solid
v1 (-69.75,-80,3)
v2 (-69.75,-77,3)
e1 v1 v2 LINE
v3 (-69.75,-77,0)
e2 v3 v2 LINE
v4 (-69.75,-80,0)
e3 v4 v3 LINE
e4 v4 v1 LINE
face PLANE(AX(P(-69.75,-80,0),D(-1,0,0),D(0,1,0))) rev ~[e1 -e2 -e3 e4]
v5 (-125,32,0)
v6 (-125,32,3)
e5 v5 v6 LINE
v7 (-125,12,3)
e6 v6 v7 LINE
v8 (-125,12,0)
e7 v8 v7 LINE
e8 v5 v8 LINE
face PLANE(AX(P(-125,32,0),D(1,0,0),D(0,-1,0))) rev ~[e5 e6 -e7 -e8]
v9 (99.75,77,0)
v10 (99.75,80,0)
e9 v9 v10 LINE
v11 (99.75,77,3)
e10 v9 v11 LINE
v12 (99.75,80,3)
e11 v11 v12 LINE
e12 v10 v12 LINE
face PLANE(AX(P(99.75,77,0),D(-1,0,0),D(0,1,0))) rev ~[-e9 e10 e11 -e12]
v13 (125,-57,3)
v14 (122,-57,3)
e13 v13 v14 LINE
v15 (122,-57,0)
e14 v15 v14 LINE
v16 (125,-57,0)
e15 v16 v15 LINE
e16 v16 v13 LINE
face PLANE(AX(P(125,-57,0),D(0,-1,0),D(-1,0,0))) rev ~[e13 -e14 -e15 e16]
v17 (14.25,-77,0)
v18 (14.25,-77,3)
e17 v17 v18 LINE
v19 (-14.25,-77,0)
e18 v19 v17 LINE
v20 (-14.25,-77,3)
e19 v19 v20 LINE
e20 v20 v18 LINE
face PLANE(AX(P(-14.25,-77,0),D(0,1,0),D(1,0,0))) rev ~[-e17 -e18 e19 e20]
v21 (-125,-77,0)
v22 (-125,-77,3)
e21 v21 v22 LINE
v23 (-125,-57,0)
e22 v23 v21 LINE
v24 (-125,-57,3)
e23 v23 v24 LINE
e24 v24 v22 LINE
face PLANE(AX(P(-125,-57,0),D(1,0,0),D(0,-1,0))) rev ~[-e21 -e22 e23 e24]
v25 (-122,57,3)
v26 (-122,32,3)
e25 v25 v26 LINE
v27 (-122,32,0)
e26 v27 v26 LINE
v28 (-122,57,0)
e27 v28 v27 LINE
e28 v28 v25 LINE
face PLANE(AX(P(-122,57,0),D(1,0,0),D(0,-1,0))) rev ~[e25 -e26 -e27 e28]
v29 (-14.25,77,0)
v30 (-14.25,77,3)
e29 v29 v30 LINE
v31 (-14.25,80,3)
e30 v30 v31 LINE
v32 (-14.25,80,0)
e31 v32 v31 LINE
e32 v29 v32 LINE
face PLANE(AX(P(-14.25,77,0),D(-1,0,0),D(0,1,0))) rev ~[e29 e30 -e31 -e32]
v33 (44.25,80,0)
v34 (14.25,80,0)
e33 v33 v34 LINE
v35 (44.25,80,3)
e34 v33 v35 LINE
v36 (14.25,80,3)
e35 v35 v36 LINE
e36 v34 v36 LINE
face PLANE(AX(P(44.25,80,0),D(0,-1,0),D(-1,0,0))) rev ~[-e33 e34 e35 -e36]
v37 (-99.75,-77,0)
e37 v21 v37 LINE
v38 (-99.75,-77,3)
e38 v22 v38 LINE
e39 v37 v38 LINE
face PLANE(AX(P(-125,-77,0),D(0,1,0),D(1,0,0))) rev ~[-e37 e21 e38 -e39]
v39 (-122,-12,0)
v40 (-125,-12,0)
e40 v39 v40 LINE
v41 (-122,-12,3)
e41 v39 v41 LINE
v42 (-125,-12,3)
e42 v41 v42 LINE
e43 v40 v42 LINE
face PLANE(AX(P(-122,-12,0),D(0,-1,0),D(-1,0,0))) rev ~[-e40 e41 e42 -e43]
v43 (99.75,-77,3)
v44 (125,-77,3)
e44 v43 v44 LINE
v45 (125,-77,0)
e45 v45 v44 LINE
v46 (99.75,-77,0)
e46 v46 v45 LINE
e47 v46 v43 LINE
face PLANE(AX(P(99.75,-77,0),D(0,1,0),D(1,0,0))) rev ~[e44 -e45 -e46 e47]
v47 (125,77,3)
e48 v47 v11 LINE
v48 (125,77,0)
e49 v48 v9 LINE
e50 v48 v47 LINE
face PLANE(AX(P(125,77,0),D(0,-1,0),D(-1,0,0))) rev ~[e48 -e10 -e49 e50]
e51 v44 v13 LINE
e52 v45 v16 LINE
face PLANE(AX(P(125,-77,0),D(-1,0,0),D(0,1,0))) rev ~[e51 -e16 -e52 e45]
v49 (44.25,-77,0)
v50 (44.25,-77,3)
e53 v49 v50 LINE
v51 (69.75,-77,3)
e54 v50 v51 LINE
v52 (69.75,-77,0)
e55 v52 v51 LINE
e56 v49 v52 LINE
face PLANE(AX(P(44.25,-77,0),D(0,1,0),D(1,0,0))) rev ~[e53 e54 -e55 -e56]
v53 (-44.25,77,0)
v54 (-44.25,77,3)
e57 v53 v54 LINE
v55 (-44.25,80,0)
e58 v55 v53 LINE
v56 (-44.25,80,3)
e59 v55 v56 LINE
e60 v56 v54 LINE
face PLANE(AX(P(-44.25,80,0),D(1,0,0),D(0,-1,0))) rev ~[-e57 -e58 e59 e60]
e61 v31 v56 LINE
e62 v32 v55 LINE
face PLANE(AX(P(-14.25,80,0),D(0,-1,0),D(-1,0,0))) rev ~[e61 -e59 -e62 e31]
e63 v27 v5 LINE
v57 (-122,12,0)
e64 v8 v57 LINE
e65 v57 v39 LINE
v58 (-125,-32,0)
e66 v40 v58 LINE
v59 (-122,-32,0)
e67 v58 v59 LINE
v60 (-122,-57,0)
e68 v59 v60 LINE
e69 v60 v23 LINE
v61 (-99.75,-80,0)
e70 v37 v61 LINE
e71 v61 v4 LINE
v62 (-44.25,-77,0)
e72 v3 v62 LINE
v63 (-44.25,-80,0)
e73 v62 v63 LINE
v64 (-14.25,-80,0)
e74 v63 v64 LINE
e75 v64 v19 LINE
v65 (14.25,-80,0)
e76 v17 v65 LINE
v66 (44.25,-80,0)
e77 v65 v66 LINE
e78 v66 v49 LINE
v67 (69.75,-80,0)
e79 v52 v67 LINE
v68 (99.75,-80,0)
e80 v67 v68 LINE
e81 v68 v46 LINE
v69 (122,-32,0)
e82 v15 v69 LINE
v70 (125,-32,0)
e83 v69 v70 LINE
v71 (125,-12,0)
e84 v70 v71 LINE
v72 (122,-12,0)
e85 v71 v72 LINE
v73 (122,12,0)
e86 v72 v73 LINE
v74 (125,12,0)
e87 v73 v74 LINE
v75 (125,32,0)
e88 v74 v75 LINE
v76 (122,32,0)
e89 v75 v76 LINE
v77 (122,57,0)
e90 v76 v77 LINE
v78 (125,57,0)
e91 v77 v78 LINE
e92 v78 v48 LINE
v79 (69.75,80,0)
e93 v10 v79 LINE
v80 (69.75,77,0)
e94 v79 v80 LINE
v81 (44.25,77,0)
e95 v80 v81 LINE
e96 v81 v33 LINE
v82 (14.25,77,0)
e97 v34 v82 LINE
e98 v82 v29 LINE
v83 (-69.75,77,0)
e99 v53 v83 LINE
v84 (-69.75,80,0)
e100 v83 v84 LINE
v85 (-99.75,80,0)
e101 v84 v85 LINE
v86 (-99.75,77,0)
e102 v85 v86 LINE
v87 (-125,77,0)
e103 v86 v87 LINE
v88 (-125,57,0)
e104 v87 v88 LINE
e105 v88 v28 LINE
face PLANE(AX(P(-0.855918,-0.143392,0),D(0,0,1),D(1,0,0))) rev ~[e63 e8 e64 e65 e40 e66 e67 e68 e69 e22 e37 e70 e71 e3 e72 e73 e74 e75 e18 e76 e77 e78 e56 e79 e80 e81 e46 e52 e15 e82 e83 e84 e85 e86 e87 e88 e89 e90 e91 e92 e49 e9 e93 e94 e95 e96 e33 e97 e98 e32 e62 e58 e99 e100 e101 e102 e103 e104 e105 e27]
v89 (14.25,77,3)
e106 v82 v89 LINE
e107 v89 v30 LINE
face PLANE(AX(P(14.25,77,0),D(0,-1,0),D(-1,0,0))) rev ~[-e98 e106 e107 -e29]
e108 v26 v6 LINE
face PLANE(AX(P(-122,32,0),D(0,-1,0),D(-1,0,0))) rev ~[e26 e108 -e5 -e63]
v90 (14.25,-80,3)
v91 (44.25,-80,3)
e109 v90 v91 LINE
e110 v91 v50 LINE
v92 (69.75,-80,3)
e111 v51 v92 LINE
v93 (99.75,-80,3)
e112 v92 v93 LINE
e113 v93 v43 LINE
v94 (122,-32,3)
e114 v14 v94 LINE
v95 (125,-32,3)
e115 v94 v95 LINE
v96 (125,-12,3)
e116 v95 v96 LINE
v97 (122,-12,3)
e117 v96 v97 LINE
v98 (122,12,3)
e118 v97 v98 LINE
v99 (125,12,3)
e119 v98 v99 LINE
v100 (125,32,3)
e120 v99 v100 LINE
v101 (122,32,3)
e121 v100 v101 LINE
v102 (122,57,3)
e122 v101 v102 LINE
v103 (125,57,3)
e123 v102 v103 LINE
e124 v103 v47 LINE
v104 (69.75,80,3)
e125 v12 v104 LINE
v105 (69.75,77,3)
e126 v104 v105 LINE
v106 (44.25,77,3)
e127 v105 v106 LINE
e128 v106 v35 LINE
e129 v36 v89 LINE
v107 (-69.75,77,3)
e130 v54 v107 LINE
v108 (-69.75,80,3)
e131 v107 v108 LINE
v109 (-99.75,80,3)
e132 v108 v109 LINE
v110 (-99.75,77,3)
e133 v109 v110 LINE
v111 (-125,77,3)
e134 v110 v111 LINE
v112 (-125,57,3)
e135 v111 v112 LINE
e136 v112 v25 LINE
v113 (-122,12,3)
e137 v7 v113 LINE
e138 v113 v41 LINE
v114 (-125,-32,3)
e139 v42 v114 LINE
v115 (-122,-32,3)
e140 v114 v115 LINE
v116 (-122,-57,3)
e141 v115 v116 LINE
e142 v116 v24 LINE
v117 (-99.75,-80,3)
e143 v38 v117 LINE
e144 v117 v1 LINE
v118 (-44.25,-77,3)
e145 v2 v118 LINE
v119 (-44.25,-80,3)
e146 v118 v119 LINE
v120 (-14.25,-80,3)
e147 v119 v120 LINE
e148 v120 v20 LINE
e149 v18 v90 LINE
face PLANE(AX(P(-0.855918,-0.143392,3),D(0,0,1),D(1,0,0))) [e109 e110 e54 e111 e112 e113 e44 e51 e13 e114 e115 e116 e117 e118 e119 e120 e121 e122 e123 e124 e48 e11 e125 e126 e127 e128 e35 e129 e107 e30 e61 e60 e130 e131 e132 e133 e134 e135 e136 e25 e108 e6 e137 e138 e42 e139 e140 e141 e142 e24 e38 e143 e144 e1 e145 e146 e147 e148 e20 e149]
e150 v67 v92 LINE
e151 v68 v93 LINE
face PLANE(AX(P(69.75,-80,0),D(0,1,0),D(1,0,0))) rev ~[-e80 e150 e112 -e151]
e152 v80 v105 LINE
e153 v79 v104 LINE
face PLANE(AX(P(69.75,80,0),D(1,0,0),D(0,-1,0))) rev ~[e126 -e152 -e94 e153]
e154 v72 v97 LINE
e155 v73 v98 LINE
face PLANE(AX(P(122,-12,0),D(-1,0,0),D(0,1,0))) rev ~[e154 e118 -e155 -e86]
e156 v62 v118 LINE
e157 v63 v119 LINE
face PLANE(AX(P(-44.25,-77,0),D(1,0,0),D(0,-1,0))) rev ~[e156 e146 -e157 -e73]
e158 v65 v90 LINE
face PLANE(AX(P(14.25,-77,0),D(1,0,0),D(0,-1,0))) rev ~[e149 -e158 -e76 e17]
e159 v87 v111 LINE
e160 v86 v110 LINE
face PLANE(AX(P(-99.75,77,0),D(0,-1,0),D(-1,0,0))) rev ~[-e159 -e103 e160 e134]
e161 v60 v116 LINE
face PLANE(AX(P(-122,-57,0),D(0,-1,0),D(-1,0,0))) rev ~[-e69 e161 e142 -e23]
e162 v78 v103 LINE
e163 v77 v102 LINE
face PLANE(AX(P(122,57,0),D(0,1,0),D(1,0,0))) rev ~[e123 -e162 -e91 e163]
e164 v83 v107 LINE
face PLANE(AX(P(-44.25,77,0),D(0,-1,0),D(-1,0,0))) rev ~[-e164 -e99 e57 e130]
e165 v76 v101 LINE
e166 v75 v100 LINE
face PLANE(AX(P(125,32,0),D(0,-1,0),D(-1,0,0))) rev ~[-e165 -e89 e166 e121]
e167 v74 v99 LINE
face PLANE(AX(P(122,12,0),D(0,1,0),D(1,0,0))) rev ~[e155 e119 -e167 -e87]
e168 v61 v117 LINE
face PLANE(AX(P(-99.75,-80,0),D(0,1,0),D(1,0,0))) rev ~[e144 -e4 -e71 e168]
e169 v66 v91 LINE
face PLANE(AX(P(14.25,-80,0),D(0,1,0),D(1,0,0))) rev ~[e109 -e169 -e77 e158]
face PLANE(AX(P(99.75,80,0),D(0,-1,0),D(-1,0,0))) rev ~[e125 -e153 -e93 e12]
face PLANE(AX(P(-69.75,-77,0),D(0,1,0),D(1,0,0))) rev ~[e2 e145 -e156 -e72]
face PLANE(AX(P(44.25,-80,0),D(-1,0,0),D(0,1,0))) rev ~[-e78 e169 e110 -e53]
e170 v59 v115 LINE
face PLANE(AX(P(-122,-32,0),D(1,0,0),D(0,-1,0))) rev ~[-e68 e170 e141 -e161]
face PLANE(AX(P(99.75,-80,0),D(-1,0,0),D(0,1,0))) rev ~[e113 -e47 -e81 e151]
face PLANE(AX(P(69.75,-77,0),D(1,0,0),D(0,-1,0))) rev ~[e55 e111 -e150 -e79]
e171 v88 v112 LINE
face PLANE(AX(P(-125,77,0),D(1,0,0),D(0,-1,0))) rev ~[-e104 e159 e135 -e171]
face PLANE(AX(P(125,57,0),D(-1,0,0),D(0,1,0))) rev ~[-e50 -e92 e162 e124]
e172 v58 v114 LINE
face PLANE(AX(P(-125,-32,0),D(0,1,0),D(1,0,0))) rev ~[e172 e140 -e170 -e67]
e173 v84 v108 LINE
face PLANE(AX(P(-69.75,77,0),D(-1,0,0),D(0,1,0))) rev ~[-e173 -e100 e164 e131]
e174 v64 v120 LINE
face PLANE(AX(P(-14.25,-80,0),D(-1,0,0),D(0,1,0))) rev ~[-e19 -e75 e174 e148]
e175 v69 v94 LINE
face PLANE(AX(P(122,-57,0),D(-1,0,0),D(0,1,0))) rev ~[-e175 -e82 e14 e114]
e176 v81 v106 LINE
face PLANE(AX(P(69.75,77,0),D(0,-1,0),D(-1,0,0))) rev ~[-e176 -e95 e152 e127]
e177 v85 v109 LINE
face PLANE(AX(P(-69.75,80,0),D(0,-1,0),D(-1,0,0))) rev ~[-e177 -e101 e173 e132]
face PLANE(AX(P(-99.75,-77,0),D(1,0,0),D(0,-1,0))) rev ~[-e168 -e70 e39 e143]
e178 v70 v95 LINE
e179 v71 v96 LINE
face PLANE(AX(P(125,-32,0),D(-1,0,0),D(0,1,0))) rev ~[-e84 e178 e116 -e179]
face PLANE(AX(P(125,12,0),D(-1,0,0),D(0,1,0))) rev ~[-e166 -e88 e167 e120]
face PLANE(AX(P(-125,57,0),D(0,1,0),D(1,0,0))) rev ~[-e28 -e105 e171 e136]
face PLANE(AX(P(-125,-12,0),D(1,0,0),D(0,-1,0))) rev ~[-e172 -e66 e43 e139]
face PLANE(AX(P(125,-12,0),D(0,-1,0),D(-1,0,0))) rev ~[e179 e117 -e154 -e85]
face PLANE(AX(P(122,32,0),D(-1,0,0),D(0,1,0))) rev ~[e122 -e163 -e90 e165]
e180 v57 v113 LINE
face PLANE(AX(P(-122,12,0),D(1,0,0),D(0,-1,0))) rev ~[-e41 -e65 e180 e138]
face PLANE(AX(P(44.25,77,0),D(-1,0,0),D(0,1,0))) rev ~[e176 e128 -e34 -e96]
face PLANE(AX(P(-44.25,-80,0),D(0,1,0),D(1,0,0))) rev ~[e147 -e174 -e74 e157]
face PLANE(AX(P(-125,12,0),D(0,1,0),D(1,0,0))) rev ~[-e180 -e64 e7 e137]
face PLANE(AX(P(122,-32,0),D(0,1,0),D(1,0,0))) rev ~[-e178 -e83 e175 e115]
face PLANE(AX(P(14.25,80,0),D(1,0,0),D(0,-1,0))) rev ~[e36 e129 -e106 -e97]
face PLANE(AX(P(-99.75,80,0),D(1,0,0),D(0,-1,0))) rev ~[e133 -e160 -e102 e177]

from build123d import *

# Parameters (mm, degrees)
F1_DEPTH = 3


with BuildPart() as f1:
    # F0 (on Top) → F1 (new body)
    with BuildSketch(Plane.XY):
        Polygon((-99.75, -77), (-99.75, -80), (-84.75, -80), (-69.75, -80), (-69.75, -77), (-44.25, -77), (-44.25, -80), (-29.25, -80), (-14.25, -80), (-14.25, -77), (14.25, -77), (14.25, -80), (44.25, -80), (44.25, -77), (69.75, -77), (69.75, -80), (99.75, -80), (99.75, -77), (125, -77), (125, -57), (122, -57), (122, -32), (125, -32), (125, -12), (122, -12), (122, 12), (123.5, 22), (122, 32), (122, 57), (125, 57), (125, 77), (99.75, 77), (99.75, 80), (69.75, 80), (69.75, 77), (44.25, 77), (44.25, 80), (14.25, 80), (14.25, 77), (-14.25, 77), (-14.25, 80), (-44.25, 80), (-44.25, 77), (-69.75, 77), (-69.75, 80), (-99.75, 80), (-99.75, 77), (-125, 77), (-125, 57), (-122, 57), (-122, 32), (-125, 32), (-125, 12), (-122, 12), (-122, -12), (-125, -12), (-125, -32), (-122, -32), (-122, -57), (-125, -57), (-125, -77), align=None)
        Polygon((123.5, 22), (122, 12), (125, 12), align=None)
        Polygon((123.5, 22), (125, 12), (125, 22), align=None)
        Polygon((122, 32), (123.5, 22), (125, 32), align=None)
        Polygon((125, 32), (123.5, 22), (125, 22), align=None)
    extrude(amount=F1_DEPTH)


solid = f1.part
